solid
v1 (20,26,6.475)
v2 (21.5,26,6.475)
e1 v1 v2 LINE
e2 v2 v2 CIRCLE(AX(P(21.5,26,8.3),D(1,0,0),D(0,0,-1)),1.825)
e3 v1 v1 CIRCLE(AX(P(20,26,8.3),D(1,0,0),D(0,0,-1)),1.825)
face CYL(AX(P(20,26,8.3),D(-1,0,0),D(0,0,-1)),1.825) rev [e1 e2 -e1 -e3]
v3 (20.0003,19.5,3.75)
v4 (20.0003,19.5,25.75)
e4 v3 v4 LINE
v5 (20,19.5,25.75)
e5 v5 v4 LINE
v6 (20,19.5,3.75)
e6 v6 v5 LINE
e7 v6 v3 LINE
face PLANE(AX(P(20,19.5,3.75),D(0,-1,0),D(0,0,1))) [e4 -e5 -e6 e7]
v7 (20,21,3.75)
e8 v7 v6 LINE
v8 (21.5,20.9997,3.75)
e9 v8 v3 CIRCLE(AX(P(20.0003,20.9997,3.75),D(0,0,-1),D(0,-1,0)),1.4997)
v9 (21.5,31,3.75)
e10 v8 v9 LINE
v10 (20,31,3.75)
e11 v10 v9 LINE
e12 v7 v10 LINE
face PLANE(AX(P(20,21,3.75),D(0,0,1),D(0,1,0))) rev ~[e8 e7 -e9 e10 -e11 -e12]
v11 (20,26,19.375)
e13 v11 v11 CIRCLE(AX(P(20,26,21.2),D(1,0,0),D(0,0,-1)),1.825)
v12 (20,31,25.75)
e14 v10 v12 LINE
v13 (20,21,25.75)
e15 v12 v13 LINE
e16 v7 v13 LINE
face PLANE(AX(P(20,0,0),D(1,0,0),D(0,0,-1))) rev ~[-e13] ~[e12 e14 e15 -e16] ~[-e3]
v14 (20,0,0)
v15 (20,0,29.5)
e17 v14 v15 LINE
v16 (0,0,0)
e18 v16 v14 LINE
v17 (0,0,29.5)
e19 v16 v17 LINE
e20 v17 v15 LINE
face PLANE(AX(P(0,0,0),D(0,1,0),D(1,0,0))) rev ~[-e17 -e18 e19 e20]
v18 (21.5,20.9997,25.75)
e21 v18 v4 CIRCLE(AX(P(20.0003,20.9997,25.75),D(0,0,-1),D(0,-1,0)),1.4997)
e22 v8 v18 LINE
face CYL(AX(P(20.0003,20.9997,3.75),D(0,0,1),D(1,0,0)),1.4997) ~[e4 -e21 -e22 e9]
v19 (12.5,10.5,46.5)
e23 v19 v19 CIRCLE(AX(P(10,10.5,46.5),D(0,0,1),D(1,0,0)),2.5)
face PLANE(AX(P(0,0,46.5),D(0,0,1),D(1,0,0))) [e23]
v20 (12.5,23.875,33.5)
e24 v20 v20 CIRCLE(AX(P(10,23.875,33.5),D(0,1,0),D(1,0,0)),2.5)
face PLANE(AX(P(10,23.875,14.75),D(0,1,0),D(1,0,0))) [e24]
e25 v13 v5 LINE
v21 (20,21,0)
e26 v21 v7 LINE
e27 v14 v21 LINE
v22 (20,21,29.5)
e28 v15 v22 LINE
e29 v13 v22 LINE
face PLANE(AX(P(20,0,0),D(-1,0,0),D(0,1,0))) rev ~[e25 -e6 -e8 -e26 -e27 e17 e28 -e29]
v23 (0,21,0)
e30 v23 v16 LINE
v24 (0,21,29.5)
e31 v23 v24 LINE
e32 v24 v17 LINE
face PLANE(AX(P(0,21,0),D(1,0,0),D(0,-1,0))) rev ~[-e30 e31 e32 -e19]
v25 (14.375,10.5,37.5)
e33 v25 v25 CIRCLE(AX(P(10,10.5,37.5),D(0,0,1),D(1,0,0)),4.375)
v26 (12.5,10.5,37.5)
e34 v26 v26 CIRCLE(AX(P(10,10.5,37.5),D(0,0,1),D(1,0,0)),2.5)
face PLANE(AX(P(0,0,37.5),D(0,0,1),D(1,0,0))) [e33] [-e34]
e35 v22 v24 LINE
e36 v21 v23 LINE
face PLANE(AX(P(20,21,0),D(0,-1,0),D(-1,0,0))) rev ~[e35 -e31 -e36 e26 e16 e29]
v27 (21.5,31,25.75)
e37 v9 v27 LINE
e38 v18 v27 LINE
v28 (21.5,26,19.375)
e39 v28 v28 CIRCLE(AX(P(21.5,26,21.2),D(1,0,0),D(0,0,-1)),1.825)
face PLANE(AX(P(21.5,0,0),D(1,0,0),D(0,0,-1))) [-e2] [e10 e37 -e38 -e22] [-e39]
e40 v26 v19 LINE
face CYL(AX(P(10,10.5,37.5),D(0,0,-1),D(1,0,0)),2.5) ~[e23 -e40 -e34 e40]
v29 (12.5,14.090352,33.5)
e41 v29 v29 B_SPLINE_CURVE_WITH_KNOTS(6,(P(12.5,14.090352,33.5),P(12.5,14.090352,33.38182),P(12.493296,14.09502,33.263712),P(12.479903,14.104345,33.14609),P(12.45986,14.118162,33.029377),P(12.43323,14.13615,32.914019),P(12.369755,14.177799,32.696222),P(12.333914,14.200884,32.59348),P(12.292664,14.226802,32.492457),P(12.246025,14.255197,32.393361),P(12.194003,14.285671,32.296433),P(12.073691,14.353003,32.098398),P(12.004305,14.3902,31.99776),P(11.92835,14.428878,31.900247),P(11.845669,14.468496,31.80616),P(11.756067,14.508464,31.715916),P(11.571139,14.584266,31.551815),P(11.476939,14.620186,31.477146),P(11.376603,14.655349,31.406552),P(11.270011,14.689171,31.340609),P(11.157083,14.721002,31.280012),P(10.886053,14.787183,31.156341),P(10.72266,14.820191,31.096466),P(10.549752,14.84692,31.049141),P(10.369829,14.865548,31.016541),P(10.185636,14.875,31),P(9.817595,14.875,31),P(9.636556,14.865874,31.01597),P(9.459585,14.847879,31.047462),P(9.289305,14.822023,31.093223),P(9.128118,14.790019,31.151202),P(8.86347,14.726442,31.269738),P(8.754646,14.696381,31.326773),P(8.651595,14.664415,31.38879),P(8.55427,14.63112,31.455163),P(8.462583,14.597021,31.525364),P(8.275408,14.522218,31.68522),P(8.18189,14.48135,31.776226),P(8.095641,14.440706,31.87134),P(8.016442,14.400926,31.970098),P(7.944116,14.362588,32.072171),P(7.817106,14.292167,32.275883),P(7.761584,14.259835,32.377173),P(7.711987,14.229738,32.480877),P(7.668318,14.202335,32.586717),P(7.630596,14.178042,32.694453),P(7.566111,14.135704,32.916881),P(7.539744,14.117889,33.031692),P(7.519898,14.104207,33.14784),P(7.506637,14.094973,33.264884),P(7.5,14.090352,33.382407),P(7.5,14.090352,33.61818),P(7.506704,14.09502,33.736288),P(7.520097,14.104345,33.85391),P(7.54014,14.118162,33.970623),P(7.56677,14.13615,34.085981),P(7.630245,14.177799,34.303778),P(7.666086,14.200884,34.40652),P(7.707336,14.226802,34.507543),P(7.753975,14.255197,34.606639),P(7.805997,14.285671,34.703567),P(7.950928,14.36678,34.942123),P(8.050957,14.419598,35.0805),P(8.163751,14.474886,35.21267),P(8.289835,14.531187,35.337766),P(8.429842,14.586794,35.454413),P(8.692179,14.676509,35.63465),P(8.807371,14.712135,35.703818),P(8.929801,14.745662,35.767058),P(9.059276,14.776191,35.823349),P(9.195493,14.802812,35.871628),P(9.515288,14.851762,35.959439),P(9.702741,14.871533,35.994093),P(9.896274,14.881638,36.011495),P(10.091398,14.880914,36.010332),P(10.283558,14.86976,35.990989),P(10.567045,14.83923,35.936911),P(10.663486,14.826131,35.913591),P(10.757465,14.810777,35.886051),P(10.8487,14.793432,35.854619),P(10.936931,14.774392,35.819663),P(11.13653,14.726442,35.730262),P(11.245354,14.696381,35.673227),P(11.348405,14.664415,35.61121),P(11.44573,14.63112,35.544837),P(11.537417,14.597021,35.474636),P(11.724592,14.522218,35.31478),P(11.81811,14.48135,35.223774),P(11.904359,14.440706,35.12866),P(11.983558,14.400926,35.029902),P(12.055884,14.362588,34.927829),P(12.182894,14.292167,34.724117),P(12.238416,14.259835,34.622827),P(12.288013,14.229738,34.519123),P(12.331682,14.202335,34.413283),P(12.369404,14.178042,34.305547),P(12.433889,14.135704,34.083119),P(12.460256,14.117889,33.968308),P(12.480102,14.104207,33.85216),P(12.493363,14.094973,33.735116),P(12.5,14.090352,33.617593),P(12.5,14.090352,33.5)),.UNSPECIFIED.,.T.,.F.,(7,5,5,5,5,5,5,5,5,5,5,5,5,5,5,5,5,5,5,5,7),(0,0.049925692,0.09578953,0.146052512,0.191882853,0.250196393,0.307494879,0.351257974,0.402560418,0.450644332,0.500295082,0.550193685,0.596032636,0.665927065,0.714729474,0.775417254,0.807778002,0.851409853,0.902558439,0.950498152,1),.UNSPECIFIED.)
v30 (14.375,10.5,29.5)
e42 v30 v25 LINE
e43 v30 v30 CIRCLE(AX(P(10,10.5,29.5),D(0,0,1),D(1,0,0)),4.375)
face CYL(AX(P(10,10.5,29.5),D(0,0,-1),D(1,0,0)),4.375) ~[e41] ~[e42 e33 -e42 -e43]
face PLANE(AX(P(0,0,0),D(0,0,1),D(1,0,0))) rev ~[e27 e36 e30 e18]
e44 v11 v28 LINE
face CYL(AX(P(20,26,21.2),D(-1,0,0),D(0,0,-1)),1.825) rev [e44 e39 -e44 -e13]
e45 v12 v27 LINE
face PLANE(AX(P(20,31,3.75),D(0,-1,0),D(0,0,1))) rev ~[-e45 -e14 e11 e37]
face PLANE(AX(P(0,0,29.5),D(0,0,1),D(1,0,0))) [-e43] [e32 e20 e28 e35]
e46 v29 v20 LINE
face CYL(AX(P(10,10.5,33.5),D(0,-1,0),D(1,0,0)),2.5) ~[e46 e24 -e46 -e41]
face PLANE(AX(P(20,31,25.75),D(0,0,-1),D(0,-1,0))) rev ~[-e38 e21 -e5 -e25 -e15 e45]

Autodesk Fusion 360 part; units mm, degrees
sketch "Sketch1" plane through (0, 0, 0) normal (0, 0, 1) x (1, 0, 0)
  line L0 (0, 0) -> (20, 0)
  line L1 (20, 0) -> (20, 21)
  line L2 (20, 21) -> (0, 21)
  line L3 (0, 21) -> (0, 0)
  dimension "d1" = 20
  dimension "d2" = 21
extrude "Extrude1" add sketch "Sketch1" along normal blind 29.5 makes body 1
sketch "Sketch2" plane through (20, 0, 0) normal (1, 0, 0) x (0, 0, -1)
  line L0 (0, 0) -> (0, 21)
  line L1 (0, 21) -> (-29.5, 21)
  line L2 (-29.5, 21) -> (-29.5, 0)
  line L3 (-29.5, 0) -> (0, 0)
  line L4 (-25.75, 21) -> (-3.75, 21)
  line L5 (-3.75, 21) -> (-3.75, 31)
  line L6 (-3.75, 31) -> (-25.75, 31)
  line L7 (-25.75, 31) -> (-25.75, 21)
  line L8 (0, 0) -> (0, 21)
  line L9 (0, 0) -> (-29.5, 0)
  circle A0 centre (-21.2, 26) radius 1.825
  circle A1 centre (-8.3, 26) radius 1.825
  line L10 (-8.3, 26) -> (-21.2, 26) construction
  point P0 (-14.75, 0)
  point P1 (-14.75, 31)
  point P2 (-14.75, 26)
  point P3 (-3.75, 26)
  dimension "d5" = 22
  dimension "d6" = 10
  dimension "d7" = 3.65
  dimension "d8" = 3.65
  dimension "d9" = 12.9
extrude "Extrude2" add sketch "Sketch2" along normal blind 1.5 separate body contours L1 L4 L5 L6 L7 makes body 2
extrude "Extrude3" add 1 faces at (20.5, 21, 11.0833) along direction (0, -1, 0) blind 1.5 on bodies 2 bodies 2 1
fillet "Fillet1" radius 1.5 1 edges at (21.5, 19.5, 14.75) on bodies 2
sketch "Sketch3" plane through (0, 0, 29.5) normal (0, 0, 1) x (1, 0, 0)
  line L0 (0, 21) -> (0, 0)
  line L1 (0, 0) -> (20, 0)
  line L2 (20, 0) -> (20, 21)
  line L3 (20, 21) -> (0, 21)
  circle A0 centre (10, 10.5) radius 4.375
  point P0 (20, 10.5)
  point P1 (10, 0)
  dimension "d15" = 8.75
extrude "Extrude4" add sketch "Sketch3" along normal blind 8 contours A0 bodies 2
sketch "Sketch4" plane through (0, 0, 37.5) normal (0, 0, 1) x (1, 0, 0)
  circle A0 centre (10, 10.5) radius 4.375
  circle A1 centre (10, 10.5) radius 2.5
  dimension "d18" = 5
extrude "Extrude5" add sketch "Sketch4" along normal blind 9 contours A1 bodies 2
ref_plane "WorkPlane1" through (10, 10.5, 14.75) normal (0, 1, 0) x (-1, 0, 0)
sketch "Sketch5" plane through (10, 10.5, 14.75) normal (0, 1, 0) x (1, 0, 0)
  line L0 (-4.375, -22.75) -> (4.375, -22.75)
  circle A0 centre (0, -18.75) radius 2.5
  point P0 (0, -22.75)
  dimension "d21" = 5
  dimension "d22" = 4
extrude "Extrude6" add sketch "Sketch5" along normal blind 13.375 bodies 2
equation "d8 = d7"
equation "d23 = ( 8.75 / 2 ) * 1 mm + 9 mm"
